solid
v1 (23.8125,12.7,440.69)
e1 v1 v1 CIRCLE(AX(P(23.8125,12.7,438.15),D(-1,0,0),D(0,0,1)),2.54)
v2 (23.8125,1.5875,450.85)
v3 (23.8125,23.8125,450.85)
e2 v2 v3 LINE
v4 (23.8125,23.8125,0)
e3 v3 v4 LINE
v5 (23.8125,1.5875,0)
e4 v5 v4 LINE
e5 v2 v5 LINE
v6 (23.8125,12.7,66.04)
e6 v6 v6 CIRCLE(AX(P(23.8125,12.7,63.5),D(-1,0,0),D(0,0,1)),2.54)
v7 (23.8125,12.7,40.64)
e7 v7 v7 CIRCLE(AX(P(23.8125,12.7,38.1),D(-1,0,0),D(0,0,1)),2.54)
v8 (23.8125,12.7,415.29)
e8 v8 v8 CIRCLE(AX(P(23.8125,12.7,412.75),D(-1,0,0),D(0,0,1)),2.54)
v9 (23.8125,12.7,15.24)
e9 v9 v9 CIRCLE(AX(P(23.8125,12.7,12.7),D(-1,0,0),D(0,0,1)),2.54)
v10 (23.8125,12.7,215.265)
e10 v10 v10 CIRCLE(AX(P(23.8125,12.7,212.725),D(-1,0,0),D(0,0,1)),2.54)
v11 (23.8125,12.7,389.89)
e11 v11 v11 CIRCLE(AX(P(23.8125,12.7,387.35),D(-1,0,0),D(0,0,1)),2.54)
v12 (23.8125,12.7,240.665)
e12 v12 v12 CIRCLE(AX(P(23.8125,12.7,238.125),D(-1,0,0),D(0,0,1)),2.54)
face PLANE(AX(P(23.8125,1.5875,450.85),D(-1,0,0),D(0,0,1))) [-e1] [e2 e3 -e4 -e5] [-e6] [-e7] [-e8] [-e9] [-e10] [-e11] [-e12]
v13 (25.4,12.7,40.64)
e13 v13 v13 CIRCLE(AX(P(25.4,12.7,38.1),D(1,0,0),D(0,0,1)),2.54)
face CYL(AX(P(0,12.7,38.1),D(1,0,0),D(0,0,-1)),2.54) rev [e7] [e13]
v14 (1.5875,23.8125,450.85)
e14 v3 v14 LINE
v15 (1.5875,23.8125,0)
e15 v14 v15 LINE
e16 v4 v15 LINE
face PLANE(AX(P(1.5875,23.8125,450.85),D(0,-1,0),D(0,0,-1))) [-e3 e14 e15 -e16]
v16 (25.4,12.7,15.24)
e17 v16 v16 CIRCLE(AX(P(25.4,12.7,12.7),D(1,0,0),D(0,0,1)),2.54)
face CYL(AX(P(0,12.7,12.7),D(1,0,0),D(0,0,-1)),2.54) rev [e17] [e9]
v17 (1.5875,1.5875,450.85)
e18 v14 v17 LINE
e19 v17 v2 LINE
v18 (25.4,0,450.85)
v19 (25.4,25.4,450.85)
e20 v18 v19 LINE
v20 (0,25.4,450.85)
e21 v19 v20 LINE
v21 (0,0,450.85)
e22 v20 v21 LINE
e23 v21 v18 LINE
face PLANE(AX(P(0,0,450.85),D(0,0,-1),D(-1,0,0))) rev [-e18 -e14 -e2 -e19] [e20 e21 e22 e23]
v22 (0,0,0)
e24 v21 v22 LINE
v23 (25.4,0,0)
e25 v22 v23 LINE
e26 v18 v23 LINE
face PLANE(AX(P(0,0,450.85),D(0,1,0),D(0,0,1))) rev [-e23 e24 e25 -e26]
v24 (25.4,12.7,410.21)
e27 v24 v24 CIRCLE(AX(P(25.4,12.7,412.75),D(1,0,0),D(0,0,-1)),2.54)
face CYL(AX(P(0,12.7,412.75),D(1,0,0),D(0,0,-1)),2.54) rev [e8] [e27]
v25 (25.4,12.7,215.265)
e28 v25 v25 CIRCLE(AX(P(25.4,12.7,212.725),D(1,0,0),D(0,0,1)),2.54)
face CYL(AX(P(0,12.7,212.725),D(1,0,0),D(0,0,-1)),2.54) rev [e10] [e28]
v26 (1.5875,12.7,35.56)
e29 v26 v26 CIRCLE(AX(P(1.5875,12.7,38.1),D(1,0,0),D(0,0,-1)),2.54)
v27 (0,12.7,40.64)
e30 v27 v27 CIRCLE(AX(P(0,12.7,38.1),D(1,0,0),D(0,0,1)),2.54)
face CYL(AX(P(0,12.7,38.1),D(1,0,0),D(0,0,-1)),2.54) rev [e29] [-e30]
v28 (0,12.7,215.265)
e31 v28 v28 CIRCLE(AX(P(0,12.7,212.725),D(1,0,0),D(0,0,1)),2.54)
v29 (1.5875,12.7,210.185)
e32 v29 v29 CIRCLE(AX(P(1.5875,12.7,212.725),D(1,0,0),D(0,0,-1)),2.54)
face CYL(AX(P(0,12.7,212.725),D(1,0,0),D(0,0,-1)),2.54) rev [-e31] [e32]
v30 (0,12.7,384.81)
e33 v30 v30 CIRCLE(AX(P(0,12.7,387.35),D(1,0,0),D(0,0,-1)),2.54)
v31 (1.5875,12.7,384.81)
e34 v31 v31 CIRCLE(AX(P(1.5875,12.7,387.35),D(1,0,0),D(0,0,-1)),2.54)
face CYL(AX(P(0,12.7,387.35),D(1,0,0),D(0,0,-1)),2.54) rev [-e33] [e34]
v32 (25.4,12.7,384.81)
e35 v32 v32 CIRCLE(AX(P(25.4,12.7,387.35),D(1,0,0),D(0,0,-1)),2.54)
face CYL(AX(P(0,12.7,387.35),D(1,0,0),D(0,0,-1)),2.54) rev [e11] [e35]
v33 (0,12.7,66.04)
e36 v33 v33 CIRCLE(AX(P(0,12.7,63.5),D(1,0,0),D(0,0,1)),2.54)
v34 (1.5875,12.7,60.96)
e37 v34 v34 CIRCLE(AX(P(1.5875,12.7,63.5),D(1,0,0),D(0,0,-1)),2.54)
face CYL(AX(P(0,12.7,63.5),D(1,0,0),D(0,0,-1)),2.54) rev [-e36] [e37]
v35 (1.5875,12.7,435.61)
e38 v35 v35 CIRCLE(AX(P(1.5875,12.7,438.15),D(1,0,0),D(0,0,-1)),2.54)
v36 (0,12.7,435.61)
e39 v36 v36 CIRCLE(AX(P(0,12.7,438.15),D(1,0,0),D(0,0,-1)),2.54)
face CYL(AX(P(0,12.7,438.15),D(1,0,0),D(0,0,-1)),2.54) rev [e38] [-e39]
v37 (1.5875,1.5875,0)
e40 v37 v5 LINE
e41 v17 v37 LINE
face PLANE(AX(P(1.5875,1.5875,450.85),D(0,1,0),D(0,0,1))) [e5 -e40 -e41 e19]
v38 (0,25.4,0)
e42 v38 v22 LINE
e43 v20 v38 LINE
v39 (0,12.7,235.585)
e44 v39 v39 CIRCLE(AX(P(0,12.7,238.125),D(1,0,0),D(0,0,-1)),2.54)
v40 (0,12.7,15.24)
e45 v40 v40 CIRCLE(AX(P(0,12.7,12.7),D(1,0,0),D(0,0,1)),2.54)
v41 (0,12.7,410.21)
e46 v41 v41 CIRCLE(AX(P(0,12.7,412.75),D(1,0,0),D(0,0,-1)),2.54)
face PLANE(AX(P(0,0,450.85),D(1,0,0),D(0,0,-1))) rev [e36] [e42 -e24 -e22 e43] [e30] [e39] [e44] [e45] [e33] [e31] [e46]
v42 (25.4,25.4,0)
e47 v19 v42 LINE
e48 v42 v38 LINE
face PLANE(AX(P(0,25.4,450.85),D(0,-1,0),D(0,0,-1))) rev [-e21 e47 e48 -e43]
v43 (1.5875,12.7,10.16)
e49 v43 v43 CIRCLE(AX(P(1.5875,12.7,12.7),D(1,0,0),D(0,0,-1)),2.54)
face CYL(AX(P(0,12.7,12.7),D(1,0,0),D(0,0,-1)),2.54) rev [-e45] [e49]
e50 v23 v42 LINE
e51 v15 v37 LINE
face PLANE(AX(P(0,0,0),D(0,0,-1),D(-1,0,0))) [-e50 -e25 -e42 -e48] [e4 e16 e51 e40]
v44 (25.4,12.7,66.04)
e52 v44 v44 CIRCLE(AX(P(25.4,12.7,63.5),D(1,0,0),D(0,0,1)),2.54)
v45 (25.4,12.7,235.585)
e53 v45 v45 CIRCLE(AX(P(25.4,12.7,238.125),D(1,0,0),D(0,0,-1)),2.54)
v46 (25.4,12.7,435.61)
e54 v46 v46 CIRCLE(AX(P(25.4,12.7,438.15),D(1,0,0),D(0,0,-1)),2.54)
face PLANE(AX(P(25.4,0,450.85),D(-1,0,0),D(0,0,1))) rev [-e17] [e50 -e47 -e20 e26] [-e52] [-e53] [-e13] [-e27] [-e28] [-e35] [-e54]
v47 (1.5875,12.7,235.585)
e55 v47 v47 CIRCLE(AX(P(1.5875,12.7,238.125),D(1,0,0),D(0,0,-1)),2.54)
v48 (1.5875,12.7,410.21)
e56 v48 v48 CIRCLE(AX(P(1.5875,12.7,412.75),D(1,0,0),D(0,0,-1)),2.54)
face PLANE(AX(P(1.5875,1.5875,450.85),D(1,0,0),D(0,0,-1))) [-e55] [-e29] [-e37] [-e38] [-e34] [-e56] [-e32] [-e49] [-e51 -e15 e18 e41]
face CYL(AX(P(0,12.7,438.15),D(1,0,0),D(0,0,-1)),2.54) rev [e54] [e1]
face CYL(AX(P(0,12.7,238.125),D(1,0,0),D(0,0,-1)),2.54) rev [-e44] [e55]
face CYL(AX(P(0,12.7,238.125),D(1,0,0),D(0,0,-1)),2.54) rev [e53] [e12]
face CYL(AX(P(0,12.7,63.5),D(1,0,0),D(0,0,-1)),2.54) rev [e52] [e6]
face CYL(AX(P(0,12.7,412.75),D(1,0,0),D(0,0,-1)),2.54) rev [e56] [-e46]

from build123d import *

# Parameters (mm, degrees)
SKETCH1_W           = 25.4
SKETCH1_H           = 25.4
SKETCH1_W_2         = 22.225
SKETCH1_H_2         = 22.225
BOSS_EXTRUDE1_DEPTH = 450.85
SKETCH4_R           = 2.54
CUT_EXTRUDE3_DEPTH  = 453.278722139


with BuildPart() as part:
    # Sketch1 → Boss-Extrude1 (new body)
    with BuildSketch(Plane.XY):
        with Locations((12.7, 12.7)):
            Rectangle(SKETCH1_W, SKETCH1_H)
        with Locations((12.7, 12.7)):
            Rectangle(SKETCH1_W_2, SKETCH1_H_2, mode=Mode.SUBTRACT)
    extrude(amount=BOSS_EXTRUDE1_DEPTH)

    # Sketch4 → Cut-Extrude3 (cut, through all)
    with BuildSketch(Plane(origin=(25.4, 0, 0), x_dir=(0, 0, -1), z_dir=(1, 0, 0))):
        with Locations((-438.15, 12.7)):
            Circle(SKETCH4_R)
        with Locations((-412.75, 12.7)):
            Circle(SKETCH4_R)
        with Locations((-387.35, 12.7)):
            Circle(SKETCH4_R)
        with Locations(Location((-63.5, 12.7, 0), (0, 0, 180))):
            Circle(SKETCH4_R)
        with Locations(Location((-38.1, 12.7, 0), (0, 0, 180))):
            Circle(SKETCH4_R)
        with Locations(Location((-12.7, 12.7, 0), (0, 0, 180))):
            Circle(SKETCH4_R)
        with Locations((-238.125, 12.7)):
            Circle(SKETCH4_R)
        with Locations(Location((-212.725, 12.7, 0), (0, 0, 180))):
            Circle(SKETCH4_R)
    extrude(amount=-CUT_EXTRUDE3_DEPTH, mode=Mode.SUBTRACT)


solid = part.part
